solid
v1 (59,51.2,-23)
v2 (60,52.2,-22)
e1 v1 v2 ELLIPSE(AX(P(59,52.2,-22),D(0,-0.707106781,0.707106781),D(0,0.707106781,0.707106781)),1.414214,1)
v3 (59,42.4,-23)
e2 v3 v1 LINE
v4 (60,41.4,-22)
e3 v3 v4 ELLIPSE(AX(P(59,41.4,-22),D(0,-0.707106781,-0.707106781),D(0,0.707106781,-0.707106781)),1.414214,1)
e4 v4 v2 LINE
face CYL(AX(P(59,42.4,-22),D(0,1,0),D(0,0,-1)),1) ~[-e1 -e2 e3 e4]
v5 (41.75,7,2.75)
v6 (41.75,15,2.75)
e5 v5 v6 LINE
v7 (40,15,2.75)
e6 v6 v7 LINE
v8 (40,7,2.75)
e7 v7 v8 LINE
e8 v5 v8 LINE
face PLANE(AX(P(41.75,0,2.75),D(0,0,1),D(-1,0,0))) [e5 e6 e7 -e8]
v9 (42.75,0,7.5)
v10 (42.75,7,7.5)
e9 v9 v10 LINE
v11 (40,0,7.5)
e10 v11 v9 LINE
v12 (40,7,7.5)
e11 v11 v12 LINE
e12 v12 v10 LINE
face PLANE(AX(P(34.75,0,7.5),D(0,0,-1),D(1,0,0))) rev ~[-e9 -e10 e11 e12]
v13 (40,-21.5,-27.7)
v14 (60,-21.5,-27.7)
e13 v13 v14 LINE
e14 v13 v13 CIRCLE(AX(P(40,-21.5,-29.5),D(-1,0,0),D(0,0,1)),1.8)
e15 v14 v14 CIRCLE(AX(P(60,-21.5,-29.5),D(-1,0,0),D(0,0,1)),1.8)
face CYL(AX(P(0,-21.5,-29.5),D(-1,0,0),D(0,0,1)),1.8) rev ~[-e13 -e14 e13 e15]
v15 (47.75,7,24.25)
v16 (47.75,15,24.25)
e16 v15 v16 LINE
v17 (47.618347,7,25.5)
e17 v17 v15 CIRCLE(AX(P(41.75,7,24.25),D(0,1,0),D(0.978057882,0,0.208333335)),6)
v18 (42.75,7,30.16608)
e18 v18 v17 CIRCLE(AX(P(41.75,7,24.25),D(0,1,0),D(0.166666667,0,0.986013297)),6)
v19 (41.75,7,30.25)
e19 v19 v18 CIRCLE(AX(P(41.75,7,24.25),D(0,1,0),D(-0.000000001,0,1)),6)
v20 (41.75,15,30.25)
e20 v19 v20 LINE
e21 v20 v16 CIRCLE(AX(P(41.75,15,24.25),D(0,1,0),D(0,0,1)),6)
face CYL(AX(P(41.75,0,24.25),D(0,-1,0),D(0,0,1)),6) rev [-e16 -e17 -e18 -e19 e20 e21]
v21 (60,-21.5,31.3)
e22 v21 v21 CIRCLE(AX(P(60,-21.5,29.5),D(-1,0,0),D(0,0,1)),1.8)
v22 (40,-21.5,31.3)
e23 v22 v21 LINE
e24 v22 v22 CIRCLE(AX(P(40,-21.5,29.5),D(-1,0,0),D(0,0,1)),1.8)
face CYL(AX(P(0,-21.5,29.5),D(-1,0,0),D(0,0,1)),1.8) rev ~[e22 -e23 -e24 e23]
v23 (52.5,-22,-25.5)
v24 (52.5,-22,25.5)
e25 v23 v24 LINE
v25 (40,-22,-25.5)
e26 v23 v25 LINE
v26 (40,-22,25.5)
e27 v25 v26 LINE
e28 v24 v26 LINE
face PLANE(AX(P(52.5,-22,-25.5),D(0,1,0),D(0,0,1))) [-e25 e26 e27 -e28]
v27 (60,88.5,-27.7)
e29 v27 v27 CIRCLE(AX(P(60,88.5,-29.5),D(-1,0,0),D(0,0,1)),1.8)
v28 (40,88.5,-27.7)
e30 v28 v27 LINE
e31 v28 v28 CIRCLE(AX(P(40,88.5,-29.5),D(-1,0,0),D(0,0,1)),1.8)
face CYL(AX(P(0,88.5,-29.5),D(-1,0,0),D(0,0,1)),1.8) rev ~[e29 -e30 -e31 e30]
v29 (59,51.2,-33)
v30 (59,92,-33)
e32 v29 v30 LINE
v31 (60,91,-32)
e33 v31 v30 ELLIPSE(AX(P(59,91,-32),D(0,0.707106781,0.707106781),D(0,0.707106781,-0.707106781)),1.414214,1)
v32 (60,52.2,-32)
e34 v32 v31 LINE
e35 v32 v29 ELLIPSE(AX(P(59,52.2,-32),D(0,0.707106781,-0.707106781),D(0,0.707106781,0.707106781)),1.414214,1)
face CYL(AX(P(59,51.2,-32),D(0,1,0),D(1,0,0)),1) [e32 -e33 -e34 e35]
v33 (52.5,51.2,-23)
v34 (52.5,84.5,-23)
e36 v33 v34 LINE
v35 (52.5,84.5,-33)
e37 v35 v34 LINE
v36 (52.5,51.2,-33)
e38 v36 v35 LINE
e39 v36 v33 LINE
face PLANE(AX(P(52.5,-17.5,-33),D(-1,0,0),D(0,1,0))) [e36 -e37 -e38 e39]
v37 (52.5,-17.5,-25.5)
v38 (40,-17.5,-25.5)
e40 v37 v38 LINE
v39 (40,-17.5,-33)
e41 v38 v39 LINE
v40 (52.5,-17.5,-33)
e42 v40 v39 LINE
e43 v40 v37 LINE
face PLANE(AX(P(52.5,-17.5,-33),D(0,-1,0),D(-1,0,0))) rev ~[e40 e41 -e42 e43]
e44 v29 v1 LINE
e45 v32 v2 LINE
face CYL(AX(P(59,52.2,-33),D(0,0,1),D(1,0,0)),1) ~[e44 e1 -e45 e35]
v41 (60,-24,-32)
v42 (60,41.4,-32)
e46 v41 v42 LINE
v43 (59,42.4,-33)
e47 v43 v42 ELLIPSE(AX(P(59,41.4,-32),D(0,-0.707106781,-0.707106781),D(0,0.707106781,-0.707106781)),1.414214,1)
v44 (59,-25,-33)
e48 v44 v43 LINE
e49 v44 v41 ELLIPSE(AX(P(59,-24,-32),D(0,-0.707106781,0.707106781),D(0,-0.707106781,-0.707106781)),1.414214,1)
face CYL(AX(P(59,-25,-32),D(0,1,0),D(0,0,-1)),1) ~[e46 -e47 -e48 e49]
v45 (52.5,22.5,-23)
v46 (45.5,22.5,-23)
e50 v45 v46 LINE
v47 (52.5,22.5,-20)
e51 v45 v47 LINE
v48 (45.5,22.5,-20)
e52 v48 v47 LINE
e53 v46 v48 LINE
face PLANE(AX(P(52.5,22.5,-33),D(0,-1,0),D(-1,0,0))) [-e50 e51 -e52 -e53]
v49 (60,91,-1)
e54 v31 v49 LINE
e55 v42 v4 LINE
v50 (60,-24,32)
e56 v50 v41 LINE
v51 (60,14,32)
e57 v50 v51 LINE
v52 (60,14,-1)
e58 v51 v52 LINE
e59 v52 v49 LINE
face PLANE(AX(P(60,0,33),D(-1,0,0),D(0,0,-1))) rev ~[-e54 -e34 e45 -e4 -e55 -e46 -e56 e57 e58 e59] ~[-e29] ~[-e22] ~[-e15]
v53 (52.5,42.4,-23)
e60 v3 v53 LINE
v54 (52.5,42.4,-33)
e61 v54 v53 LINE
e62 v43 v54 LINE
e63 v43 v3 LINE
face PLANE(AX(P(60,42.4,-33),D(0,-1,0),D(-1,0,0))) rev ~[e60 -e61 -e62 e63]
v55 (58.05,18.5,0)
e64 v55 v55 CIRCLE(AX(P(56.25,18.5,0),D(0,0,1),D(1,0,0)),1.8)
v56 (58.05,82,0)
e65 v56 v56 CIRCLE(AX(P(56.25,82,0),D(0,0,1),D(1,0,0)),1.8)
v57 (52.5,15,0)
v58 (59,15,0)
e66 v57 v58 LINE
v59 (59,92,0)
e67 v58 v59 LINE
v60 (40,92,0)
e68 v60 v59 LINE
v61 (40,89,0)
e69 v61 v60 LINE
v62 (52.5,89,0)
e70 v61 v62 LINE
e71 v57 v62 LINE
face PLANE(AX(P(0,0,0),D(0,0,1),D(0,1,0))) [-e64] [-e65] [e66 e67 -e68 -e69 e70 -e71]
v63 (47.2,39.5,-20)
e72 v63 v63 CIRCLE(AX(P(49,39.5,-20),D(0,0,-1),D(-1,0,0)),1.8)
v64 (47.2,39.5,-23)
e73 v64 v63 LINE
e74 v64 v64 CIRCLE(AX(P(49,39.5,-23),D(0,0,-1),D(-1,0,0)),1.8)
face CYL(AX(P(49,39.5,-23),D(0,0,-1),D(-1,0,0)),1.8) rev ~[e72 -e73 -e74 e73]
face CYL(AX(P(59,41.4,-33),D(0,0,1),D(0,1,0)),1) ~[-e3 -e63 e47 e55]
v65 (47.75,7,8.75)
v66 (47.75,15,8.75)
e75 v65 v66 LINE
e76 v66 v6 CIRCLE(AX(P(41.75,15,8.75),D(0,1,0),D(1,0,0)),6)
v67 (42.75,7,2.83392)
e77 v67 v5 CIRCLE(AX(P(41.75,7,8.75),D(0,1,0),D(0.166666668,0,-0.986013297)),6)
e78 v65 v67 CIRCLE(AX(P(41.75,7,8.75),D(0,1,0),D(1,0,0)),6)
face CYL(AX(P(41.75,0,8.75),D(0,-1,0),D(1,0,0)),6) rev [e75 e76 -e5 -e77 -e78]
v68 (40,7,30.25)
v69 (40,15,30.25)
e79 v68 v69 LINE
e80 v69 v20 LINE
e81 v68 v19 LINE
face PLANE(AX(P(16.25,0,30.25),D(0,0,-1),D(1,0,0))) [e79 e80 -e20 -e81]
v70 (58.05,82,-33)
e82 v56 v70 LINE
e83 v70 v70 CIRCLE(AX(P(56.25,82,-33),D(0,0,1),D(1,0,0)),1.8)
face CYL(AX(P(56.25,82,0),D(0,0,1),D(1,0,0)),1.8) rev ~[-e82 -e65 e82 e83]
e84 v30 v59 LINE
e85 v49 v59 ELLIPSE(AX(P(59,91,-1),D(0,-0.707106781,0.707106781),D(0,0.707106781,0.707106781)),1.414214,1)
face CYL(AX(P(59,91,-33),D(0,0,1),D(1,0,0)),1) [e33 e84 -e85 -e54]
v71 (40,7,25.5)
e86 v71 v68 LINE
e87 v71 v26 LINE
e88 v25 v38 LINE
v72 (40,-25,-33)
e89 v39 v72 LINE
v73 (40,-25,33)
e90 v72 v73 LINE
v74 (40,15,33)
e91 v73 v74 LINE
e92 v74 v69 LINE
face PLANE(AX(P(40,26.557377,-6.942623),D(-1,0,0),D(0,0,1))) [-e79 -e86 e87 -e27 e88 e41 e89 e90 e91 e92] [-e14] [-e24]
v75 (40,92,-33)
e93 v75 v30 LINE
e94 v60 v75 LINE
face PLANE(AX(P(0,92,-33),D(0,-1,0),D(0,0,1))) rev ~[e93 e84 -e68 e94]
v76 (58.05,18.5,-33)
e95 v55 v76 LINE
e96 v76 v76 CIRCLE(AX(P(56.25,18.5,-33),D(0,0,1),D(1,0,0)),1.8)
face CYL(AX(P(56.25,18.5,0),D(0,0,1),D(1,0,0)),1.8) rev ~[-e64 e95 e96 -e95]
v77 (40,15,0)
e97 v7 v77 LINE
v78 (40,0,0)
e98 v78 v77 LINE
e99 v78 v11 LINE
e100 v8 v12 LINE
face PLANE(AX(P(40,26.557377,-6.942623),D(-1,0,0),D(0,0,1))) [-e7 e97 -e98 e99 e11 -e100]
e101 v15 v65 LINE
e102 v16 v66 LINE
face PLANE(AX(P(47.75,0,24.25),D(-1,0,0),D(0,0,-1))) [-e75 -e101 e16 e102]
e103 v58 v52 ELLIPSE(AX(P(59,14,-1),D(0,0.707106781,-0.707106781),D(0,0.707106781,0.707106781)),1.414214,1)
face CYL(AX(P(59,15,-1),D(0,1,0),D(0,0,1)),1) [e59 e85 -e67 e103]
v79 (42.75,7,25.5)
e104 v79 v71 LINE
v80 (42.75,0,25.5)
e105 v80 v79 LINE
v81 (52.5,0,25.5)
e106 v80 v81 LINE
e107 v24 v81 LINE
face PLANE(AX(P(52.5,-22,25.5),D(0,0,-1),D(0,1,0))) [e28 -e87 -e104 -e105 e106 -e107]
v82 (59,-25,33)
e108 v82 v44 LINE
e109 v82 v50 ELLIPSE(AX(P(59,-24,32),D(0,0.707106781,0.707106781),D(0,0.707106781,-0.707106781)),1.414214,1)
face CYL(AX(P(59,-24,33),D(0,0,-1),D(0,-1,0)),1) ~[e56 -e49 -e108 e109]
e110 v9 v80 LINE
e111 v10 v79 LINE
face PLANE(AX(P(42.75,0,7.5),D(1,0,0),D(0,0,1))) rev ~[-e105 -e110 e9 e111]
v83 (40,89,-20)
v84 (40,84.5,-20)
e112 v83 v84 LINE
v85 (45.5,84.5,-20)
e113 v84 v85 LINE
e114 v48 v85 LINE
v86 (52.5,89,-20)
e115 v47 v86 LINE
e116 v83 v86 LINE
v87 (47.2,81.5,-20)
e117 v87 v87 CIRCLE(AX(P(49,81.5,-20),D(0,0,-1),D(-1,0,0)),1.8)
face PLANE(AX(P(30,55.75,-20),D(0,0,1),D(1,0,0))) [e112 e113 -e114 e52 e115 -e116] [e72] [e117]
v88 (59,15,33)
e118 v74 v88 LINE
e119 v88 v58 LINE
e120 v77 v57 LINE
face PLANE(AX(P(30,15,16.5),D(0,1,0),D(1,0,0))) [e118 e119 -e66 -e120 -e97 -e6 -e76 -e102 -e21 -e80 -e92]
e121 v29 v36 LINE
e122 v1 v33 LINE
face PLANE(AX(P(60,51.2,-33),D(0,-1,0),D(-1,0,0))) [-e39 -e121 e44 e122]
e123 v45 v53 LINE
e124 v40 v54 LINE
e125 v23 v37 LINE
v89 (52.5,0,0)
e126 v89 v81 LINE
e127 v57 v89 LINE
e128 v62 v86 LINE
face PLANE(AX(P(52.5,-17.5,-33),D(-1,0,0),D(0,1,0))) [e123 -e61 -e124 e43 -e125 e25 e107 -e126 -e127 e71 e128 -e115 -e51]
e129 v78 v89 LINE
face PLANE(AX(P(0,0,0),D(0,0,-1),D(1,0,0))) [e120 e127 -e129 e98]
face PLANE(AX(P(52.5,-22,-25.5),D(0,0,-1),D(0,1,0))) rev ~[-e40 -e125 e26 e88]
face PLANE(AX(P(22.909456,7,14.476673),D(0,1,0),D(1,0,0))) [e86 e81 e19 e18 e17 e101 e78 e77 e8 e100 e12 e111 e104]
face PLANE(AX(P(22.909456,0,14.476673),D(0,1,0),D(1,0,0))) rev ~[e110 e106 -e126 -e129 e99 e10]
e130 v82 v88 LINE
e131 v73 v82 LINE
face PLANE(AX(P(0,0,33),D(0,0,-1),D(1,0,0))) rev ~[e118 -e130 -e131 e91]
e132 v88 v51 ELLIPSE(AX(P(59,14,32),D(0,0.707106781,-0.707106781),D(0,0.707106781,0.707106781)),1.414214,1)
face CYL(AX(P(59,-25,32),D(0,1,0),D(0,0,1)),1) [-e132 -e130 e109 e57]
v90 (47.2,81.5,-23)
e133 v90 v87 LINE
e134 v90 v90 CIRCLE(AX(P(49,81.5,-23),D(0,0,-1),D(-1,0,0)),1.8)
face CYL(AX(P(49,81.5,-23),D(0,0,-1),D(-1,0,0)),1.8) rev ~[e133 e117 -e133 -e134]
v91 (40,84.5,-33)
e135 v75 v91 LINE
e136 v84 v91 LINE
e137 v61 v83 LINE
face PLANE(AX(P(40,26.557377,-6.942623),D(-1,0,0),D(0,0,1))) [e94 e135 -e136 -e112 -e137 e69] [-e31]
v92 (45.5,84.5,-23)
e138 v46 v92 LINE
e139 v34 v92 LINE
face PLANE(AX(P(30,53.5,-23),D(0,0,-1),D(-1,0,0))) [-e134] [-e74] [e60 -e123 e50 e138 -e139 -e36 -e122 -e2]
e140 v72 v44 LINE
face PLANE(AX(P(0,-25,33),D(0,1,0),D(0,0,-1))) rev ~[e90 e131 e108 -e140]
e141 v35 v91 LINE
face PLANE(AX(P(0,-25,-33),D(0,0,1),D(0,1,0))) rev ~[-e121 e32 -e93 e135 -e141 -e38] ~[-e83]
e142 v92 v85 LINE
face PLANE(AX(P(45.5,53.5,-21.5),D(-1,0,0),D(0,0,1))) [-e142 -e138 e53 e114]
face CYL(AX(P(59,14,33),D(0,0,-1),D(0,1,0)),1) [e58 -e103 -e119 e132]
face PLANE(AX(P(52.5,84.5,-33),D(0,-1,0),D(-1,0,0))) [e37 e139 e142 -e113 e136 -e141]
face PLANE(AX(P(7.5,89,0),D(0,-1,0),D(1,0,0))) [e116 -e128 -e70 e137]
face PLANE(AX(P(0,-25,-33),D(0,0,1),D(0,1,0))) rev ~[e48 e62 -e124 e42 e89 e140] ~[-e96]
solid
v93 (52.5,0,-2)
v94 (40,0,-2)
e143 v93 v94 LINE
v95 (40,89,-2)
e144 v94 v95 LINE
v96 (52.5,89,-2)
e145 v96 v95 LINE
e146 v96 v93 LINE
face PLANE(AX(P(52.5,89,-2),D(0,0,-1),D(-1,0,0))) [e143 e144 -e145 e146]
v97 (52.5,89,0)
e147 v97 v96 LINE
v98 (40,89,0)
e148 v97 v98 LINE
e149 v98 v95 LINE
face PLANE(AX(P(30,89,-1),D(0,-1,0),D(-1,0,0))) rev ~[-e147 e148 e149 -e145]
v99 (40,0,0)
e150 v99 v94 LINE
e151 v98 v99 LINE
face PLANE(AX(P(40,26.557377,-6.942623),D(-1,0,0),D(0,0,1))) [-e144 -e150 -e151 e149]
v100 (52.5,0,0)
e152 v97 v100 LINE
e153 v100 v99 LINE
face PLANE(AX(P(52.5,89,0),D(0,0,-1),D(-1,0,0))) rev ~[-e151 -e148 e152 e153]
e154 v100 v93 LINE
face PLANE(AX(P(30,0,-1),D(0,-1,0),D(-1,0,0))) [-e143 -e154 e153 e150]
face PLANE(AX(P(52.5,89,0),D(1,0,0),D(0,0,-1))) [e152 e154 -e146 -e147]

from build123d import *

# Parameters (mm, degrees)
SKETCH_1_W               = 33
SKETCH_1_H               = 25
SKETCH_1_W_2             = 23
SKETCH_1_H_2             = 117
SKETCH_1_W_3             = 10
EXTRUDE_1_DEPTH          = 60
SKETCH_2_W               = 45
SKETCH_2_H               = 62
CUT_EXTRUDE_1_DEPTH      = 10
SKETCH_3_R               = 8.1
CUT_EXTRUDE_2_DEPTH      = 10
SKETCH_4_W               = 45
SKETCH_4_H               = 40
CUT_EXTRUDE_3_DEPTH      = 58.5
SKETCH_5_W               = 60
SKETCH_5_H               = 33
EXTRUDE_2_DEPTH          = 15
EXTRUDE_3_DEPTH          = 7
SKETCH_7_W               = 45
SKETCH_7_H               = 66.5
CUT_EXTRUDE_4_DEPTH      = 20
SKETCH_8_W               = 45
SKETCH_8_H               = 2
EXTRUDE_4_DEPTH          = 89
SKETCH_9_R               = 1.8
CUT_EXTRUDE_5_DEPTH      = 61
SKETCH_10_R              = 1.8
CUT_EXTRUDE_6_DEPTH      = 34
CUT_EXTRUDE_6_DEPTH_BACK = 34
SKETCH_12_R              = 1.8
CUT_EXTRUDE_7_DEPTH      = 3
CUT_EXTRUDE_8_DEPTH      = 40
SKETCH_21_W              = 3
SKETCH_21_H              = 62
CUT_EXTRUDE_9_DEPTH      = 5.5
SKETCH_23_W              = 7.5
SKETCH_23_H              = 8.8
CUT_EXTRUDE_10_DEPTH     = 10
FILLET_1_R               = 1
CUT_EXTRUDE_START        = -12.5
SKETCH_24_W              = 51
SKETCH_24_H              = 4.5
CUT_EXTRUDE_11_DEPTH     = 12.5


with BuildPart() as part:
    # ｽｹｯﾁ1 → ﾎﾞｽ - 押し出し1 (new body)
    with BuildSketch(Plane(origin=(0, 0, 0), x_dir=(0, 0, -1), z_dir=(1, 0, 0))):
        with Locations((-16.5, -12.5)):
            Rectangle(SKETCH_1_W, SKETCH_1_H)
        with Locations((11.5, 33.5)):
            Rectangle(SKETCH_1_W_2, SKETCH_1_H_2)
        with Locations((28, 33.5)):
            Rectangle(SKETCH_1_W_3, SKETCH_1_H_2)
    extrude(amount=EXTRUDE_1_DEPTH)

    # ｽｹｯﾁ2 → ｶｯﾄ - 押し出し1 (cut)
    with BuildSketch(Plane(origin=(0, 0, -33), x_dir=(-1, 0, 0), z_dir=(0, 0, -1))):
        with Locations((-30, 53.5)):
            Rectangle(SKETCH_2_W, SKETCH_2_H)
    extrude(amount=-CUT_EXTRUDE_1_DEPTH, mode=Mode.SUBTRACT)

    # ｽｹｯﾁ3 → ｶｯﾄ - 押し出し2 (cut)
    with BuildSketch(Plane(origin=(0, 92, 0), x_dir=(1, 0, 0), z_dir=(0, 1, 0))):
        with Locations((29, 12.5)):
            Circle(SKETCH_3_R)
    extrude(amount=-CUT_EXTRUDE_2_DEPTH, mode=Mode.SUBTRACT)

    # ｽｹｯﾁ4 → ｶｯﾄ - 押し出し3 (cut)
    with BuildSketch(Plane(origin=(0, 0, -33), x_dir=(-1, 0, 0), z_dir=(0, 0, -1))):
        with Locations((-30, 2.5)):
            Rectangle(SKETCH_4_W, SKETCH_4_H)
    extrude(amount=-CUT_EXTRUDE_3_DEPTH, mode=Mode.SUBTRACT)

    # ｽｹｯﾁ5 → ﾎﾞｽ - 押し出し2 (add)
    with BuildSketch(Plane(origin=(0, 0, 0), x_dir=(1, 0, 0), z_dir=(0, 1, 0))):
        with Locations((30, -16.5)):
            Rectangle(SKETCH_5_W, SKETCH_5_H)
        with BuildLine():
            Line((41.75, -2.75), (16.25, -2.75))
            ThreePointArc((16.25, -2.75), (12.007359313, -4.507359313), (10.25, -8.75))
            Line((10.25, -8.75), (10.25, -24.25))
            ThreePointArc((10.25, -24.25), (12.007359313, -28.492640687), (16.25, -30.25))
            Line((16.25, -30.25), (41.75, -30.25))
            ThreePointArc((41.75, -30.25), (45.992640687, -28.492640687), (47.75, -24.25))
            Line((47.75, -24.25), (47.75, -8.75))
            ThreePointArc((47.75, -8.75), (45.992640687, -4.507359313), (41.75, -2.75))
        make_face(mode=Mode.SUBTRACT)
    extrude(amount=EXTRUDE_2_DEPTH)

    # ｽｹｯﾁ6 → ﾎﾞｽ - 押し出し3 (add)
    with BuildSketch(Plane(origin=(0, 0, 0), x_dir=(1, 0, 0), z_dir=(0, 1, 0))):
        with BuildLine():
            Line((10.381652703, -25.5), (34.75, -25.5))
            Line((34.75, -25.5), (34.75, -7.5))
            Line((34.75, -7.5), (34.75, -2.75))
            Line((34.75, -2.75), (16.25, -2.75))
            ThreePointArc((16.25, -2.75), (12.007359313, -4.507359313), (10.25, -8.75))
            Line((10.25, -8.75), (10.25, -24.25))
            ThreePointArc((10.25, -24.25), (10.283003947, -24.878456927), (10.381652703, -25.5))
        make_face()
        with BuildLine():
            Line((16.25, -30.25), (34.75, -30.25))
            Line((34.75, -30.25), (34.75, -25.5))
            Line((34.75, -25.5), (10.381652703, -25.5))
            ThreePointArc((10.381652703, -25.5), (12.475082782, -28.913689527), (16.25, -30.25))
        make_face()
        with BuildLine():
            Line((34.75, -25.5), (34.75, -30.25))
            Line((34.75, -30.25), (41.75, -30.25))
            ThreePointArc((41.75, -30.25), (42.251757562, -30.228983137), (42.75, -30.166079783))
            Line((42.75, -30.166079783), (42.75, -25.5))
            Line((42.75, -25.5), (34.75, -25.5))
        make_face()
        with BuildLine():
            Line((42.75, -7.5), (42.75, -25.5))
            Line((42.75, -25.5), (47.618347297, -25.5))
            ThreePointArc((47.618347297, -25.5), (47.716996053, -24.878456927), (47.75, -24.25))
            Line((47.75, -24.25), (47.75, -8.75))
            ThreePointArc((47.75, -8.75), (46.332575695, -4.877016654), (42.75, -2.833920217))
            Line((42.75, -2.833920217), (42.75, -7.5))
        make_face()
        with BuildLine():
            Line((47.618347297, -25.5), (42.75, -25.5))
            Line((42.75, -25.5), (42.75, -30.166079783))
            ThreePointArc((42.75, -30.166079783), (45.901701312, -28.581671296), (47.618347297, -25.5))
        make_face()
        with BuildLine():
            Line((34.75, -2.75), (34.75, -7.5))
            Line((34.75, -7.5), (42.75, -7.5))
            Line((42.75, -7.5), (42.75, -2.833920217))
            ThreePointArc((42.75, -2.833920217), (42.251757562, -2.771016863), (41.75, -2.75))
            Line((41.75, -2.75), (34.75, -2.75))
        make_face()
    extrude(amount=EXTRUDE_3_DEPTH)

    # ｽｹｯﾁ7 → ｶｯﾄ - 押し出し4 (cut)
    with BuildSketch(Plane.XY):
        with Locations((30, 55.75)):
            Rectangle(SKETCH_7_W, SKETCH_7_H)
    extrude(amount=-CUT_EXTRUDE_4_DEPTH, mode=Mode.SUBTRACT)

    # ｽｹｯﾁ9 → ｶｯﾄ - 押し出し5 (cut, through all)
    with BuildSketch(Plane.ZY):
        with Locations((-29.5, 88.5)):
            Circle(SKETCH_9_R)
        with Locations((-29.5, -21.5)):
            Circle(SKETCH_9_R)
        with Locations((29.5, -21.5)):
            Circle(SKETCH_9_R)
    extrude(amount=-CUT_EXTRUDE_5_DEPTH, mode=Mode.SUBTRACT)

    # ｽｹｯﾁ10 → ｶｯﾄ - 押し出し6 (cut, two sides)
    with BuildSketch(Plane.XY) as cut_extrude_6_sk:
        with Locations((3.75, 82)):
            Circle(SKETCH_10_R)
        with Locations((56.25, 82)):
            Circle(SKETCH_10_R)
        with Locations((56.25, 18.5)):
            Circle(SKETCH_10_R)
        with Locations((3.75, 18.5)):
            Circle(SKETCH_10_R)
    extrude(amount=CUT_EXTRUDE_6_DEPTH, mode=Mode.SUBTRACT)
    extrude(cut_extrude_6_sk.sketch, amount=-CUT_EXTRUDE_6_DEPTH_BACK, mode=Mode.SUBTRACT)

    # ｽｹｯﾁ12 → ｶｯﾄ - 押し出し7 (cut)
    with BuildSketch(Plane(origin=(0, 0, -23), x_dir=(-1, 0, 0), z_dir=(0, 0, -1))):
        with Locations((-49, 81.5)):
            Circle(SKETCH_12_R)
        with Locations((-11, 81.5)):
            Circle(SKETCH_12_R)
        with Locations((-11, 39.5)):
            Circle(SKETCH_12_R)
        with Locations((-49, 39.5)):
            Circle(SKETCH_12_R)
    extrude(amount=-CUT_EXTRUDE_7_DEPTH, mode=Mode.SUBTRACT)


with BuildPart() as body_2:
    # ｽｹｯﾁ8 → ﾎﾞｽ - 押し出し4 (new body)
    with BuildSketch(Plane(origin=(0, 89, 0), x_dir=(-1, 0, 0), z_dir=(0, -1, 0))):
        with Locations((-30, 1)):
            Rectangle(SKETCH_8_W, SKETCH_8_H)
    extrude(amount=EXTRUDE_4_DEPTH)


with BuildPart() as cut_extrude_8_tool:
    # ｽｹｯﾁ19 → ｶｯﾄ - 押し出し8 (new body)
    with BuildSketch(Plane.ZY):
        Polygon((33, -25), (33, 15), (0, 15), (0, 92), (-33, 92), (-33, -25), align=None)
    extrude(amount=-CUT_EXTRUDE_8_DEPTH)


with BuildPart() as part_1:
    add(part.part)

    # ｶｯﾄ - 押し出し8: cut by cut_extrude_8_tool
    add(cut_extrude_8_tool.part, mode=Mode.SUBTRACT)

    # ｽｹｯﾁ21 → ｶｯﾄ - 押し出し9 (cut)
    with BuildSketch(Plane.ZY.offset(-40)):
        with Locations((-21.5, 53.5)):
            Rectangle(SKETCH_21_W, SKETCH_21_H)
    extrude(amount=-CUT_EXTRUDE_9_DEPTH, mode=Mode.SUBTRACT)

    # ｽｹｯﾁ23 → ｶｯﾄ - 押し出し10 (cut)
    with BuildSketch(Plane(origin=(0, 0, -33), x_dir=(-1, 0, 0), z_dir=(0, 0, -1))):
        with Locations((-56.25, 46.8)):
            Rectangle(SKETCH_23_W, SKETCH_23_H)
    extrude(amount=-CUT_EXTRUDE_10_DEPTH, mode=Mode.SUBTRACT)

    # ﾌｨﾚｯﾄ1
    fillet_1_edges = [part_1.edges().sort_by_distance(p)[0] for p in [
        (60, -5, 33),
        (60, -25, 0),
        (60, 71.6, -33),
        (60, 92, -16.5),
        (60, 8.7, -33),
        (60, 46.8, -23),
        (60, 42.4, -28),
        (60, 51.2, -28),
        (60, 53.5, 0),
        (60, 15, 16.5),
    ]]
    fillet(fillet_1_edges, radius=FILLET_1_R)

    # ｽｹｯﾁ24 → ｶｯﾄ - 押し出し11 (cut)
    with BuildSketch(Plane.ZY.offset(-40).offset(CUT_EXTRUDE_START)):
        with Locations((0, -19.75)):
            Rectangle(SKETCH_24_W, SKETCH_24_H)
    extrude(amount=CUT_EXTRUDE_11_DEPTH, mode=Mode.SUBTRACT)


with BuildPart() as body_2_1:
    add(body_2.part)

    # ｶｯﾄ - 押し出し8: cut by cut_extrude_8_tool
    add(cut_extrude_8_tool.part, mode=Mode.SUBTRACT)


solid = Compound([part_1.part, body_2_1.part])
